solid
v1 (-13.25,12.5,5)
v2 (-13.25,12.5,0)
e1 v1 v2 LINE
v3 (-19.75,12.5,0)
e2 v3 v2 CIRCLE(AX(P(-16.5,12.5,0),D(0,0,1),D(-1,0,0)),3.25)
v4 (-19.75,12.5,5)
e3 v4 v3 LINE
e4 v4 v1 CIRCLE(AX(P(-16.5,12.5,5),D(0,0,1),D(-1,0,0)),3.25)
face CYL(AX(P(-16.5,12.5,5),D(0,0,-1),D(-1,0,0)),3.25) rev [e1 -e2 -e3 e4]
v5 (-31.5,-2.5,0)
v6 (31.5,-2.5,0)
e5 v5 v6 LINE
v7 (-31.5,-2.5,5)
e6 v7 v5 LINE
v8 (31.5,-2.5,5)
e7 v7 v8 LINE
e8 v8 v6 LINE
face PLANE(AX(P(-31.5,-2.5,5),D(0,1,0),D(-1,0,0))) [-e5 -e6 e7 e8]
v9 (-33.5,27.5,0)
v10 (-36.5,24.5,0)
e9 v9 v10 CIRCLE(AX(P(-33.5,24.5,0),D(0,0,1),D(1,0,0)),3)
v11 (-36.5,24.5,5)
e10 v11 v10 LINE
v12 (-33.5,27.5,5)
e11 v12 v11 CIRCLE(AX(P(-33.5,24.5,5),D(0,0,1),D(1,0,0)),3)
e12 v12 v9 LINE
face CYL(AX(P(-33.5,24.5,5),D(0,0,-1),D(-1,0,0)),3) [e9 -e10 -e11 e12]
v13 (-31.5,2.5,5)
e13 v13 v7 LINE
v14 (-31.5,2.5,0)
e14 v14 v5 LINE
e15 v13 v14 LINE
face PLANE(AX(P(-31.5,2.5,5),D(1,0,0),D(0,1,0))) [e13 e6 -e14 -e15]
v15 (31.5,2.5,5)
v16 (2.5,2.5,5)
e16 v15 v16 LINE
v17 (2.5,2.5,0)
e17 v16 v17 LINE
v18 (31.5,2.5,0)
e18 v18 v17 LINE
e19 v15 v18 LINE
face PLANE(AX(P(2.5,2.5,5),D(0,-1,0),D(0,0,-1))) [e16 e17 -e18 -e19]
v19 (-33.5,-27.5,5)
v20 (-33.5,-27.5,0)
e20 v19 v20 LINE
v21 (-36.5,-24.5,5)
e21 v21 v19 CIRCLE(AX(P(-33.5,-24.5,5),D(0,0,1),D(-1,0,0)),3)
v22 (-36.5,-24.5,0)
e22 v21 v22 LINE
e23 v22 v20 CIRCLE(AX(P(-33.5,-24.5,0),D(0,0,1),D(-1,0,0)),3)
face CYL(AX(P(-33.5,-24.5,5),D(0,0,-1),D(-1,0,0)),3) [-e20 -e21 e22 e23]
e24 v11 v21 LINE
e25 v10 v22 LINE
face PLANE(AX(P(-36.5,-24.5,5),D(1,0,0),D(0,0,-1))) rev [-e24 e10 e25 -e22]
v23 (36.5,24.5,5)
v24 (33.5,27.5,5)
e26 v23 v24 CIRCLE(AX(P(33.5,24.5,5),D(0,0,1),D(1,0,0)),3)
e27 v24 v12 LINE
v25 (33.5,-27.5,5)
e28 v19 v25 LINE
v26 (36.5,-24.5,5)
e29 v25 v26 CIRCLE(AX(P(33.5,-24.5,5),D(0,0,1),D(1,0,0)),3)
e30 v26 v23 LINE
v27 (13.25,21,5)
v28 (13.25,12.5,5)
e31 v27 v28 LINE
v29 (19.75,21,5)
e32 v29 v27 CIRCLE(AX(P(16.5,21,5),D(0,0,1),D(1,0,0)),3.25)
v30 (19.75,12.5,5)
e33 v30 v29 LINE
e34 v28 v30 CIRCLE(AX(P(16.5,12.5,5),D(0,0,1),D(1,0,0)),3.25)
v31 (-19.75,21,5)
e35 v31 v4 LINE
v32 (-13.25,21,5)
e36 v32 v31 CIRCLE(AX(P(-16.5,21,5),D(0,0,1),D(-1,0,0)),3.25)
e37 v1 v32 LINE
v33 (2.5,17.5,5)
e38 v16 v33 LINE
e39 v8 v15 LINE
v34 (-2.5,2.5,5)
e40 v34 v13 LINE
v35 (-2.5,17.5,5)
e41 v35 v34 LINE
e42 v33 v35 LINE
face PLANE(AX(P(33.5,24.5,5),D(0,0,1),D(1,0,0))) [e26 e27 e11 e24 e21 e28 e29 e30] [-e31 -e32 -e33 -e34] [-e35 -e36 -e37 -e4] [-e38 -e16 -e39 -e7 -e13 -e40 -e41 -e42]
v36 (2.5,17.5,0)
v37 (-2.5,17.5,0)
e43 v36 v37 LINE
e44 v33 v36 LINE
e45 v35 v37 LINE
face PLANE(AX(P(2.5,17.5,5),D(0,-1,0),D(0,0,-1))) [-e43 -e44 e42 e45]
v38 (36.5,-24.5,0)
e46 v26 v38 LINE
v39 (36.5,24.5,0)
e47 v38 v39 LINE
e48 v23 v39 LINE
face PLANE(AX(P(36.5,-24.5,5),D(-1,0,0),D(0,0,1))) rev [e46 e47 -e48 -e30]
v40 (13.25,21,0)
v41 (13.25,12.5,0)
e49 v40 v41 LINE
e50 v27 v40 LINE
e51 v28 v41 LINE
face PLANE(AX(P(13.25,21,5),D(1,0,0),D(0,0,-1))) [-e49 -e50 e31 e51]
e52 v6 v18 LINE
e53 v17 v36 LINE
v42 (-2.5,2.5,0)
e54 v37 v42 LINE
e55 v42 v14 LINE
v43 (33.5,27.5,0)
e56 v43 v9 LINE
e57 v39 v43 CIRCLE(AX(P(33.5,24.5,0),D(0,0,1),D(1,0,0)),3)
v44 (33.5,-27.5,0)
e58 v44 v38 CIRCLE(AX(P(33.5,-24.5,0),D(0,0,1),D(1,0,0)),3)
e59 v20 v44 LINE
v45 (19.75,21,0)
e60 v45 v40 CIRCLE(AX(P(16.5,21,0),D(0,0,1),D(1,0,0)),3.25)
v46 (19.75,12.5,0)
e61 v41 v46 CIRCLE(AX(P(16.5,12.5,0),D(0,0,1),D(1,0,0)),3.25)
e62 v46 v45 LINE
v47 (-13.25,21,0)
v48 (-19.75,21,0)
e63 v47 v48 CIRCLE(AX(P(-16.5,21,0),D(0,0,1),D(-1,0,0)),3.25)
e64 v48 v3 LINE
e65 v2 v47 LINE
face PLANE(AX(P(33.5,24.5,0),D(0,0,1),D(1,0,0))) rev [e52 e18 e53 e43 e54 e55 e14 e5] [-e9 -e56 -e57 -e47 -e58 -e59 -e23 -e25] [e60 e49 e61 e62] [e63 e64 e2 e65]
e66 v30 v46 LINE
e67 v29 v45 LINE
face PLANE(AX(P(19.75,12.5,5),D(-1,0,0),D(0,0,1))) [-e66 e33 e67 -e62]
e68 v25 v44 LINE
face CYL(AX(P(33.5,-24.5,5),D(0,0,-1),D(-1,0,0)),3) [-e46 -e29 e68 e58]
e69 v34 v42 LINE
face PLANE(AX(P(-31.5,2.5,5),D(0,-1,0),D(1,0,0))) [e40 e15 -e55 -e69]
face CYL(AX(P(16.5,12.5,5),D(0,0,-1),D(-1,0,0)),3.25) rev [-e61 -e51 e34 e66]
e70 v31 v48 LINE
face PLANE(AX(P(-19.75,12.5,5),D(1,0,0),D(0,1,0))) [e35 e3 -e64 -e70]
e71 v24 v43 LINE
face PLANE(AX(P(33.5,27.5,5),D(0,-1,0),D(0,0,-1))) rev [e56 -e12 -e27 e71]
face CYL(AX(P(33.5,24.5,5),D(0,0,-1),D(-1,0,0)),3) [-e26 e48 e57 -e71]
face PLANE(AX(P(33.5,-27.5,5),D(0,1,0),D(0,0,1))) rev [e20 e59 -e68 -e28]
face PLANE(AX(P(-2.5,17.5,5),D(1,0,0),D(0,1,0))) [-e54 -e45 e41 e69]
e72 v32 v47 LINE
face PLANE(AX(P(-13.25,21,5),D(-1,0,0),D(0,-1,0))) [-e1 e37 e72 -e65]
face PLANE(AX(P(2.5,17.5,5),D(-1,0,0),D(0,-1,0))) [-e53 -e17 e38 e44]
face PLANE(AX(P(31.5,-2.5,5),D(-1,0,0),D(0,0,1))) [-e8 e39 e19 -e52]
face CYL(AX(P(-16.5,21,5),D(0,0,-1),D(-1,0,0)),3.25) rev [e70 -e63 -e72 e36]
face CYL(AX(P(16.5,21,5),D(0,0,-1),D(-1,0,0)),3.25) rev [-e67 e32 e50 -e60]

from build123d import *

# Parameters (mm, degrees)
EXTRUDE_1_DEPTH = 5


with BuildPart() as part:
    # 草图1 → 凸台-拉伸1 (new body)
    with BuildSketch(Plane.XY):
        with BuildLine():
            Line((33.5, -27.5), (-33.5, -27.5))
            ThreePointArc((-33.5, -27.5), (-35.621320344, -26.621320344), (-36.5, -24.5))
            Line((-36.5, -24.5), (-36.5, 24.5))
            ThreePointArc((-36.5, 24.5), (-35.621320344, 26.621320344), (-33.5, 27.5))
            Line((-33.5, 27.5), (33.5, 27.5))
            ThreePointArc((33.5, 27.5), (35.621320344, 26.621320344), (36.5, 24.5))
            Line((36.5, 24.5), (36.5, -24.5))
            ThreePointArc((36.5, -24.5), (35.621320344, -26.621320344), (33.5, -27.5))
        make_face()
        Polygon((-31.5, 2.5), (-31.5, -2.5), (31.5, -2.5), (31.5, 2.5), (2.5, 2.5), (2.5, 17.5), (-2.5, 17.5), (-2.5, 2.5), align=None, mode=Mode.SUBTRACT)
        with BuildLine():
            Line((13.25, 21), (13.25, 12.5))
            ThreePointArc((13.25, 12.5), (16.5, 9.25), (19.75, 12.5))
            Line((19.75, 12.5), (19.75, 21))
            ThreePointArc((19.75, 21), (16.5, 24.25), (13.25, 21))
        make_face(mode=Mode.SUBTRACT)
        with BuildLine():
            Line((-13.25, 21), (-13.25, 12.5))
            ThreePointArc((-13.25, 12.5), (-16.5, 9.25), (-19.75, 12.5))
            Line((-19.75, 12.5), (-19.75, 21))
            ThreePointArc((-19.75, 21), (-16.5, 24.25), (-13.25, 21))
        make_face(mode=Mode.SUBTRACT)
    extrude(amount=EXTRUDE_1_DEPTH)


solid = part.part
